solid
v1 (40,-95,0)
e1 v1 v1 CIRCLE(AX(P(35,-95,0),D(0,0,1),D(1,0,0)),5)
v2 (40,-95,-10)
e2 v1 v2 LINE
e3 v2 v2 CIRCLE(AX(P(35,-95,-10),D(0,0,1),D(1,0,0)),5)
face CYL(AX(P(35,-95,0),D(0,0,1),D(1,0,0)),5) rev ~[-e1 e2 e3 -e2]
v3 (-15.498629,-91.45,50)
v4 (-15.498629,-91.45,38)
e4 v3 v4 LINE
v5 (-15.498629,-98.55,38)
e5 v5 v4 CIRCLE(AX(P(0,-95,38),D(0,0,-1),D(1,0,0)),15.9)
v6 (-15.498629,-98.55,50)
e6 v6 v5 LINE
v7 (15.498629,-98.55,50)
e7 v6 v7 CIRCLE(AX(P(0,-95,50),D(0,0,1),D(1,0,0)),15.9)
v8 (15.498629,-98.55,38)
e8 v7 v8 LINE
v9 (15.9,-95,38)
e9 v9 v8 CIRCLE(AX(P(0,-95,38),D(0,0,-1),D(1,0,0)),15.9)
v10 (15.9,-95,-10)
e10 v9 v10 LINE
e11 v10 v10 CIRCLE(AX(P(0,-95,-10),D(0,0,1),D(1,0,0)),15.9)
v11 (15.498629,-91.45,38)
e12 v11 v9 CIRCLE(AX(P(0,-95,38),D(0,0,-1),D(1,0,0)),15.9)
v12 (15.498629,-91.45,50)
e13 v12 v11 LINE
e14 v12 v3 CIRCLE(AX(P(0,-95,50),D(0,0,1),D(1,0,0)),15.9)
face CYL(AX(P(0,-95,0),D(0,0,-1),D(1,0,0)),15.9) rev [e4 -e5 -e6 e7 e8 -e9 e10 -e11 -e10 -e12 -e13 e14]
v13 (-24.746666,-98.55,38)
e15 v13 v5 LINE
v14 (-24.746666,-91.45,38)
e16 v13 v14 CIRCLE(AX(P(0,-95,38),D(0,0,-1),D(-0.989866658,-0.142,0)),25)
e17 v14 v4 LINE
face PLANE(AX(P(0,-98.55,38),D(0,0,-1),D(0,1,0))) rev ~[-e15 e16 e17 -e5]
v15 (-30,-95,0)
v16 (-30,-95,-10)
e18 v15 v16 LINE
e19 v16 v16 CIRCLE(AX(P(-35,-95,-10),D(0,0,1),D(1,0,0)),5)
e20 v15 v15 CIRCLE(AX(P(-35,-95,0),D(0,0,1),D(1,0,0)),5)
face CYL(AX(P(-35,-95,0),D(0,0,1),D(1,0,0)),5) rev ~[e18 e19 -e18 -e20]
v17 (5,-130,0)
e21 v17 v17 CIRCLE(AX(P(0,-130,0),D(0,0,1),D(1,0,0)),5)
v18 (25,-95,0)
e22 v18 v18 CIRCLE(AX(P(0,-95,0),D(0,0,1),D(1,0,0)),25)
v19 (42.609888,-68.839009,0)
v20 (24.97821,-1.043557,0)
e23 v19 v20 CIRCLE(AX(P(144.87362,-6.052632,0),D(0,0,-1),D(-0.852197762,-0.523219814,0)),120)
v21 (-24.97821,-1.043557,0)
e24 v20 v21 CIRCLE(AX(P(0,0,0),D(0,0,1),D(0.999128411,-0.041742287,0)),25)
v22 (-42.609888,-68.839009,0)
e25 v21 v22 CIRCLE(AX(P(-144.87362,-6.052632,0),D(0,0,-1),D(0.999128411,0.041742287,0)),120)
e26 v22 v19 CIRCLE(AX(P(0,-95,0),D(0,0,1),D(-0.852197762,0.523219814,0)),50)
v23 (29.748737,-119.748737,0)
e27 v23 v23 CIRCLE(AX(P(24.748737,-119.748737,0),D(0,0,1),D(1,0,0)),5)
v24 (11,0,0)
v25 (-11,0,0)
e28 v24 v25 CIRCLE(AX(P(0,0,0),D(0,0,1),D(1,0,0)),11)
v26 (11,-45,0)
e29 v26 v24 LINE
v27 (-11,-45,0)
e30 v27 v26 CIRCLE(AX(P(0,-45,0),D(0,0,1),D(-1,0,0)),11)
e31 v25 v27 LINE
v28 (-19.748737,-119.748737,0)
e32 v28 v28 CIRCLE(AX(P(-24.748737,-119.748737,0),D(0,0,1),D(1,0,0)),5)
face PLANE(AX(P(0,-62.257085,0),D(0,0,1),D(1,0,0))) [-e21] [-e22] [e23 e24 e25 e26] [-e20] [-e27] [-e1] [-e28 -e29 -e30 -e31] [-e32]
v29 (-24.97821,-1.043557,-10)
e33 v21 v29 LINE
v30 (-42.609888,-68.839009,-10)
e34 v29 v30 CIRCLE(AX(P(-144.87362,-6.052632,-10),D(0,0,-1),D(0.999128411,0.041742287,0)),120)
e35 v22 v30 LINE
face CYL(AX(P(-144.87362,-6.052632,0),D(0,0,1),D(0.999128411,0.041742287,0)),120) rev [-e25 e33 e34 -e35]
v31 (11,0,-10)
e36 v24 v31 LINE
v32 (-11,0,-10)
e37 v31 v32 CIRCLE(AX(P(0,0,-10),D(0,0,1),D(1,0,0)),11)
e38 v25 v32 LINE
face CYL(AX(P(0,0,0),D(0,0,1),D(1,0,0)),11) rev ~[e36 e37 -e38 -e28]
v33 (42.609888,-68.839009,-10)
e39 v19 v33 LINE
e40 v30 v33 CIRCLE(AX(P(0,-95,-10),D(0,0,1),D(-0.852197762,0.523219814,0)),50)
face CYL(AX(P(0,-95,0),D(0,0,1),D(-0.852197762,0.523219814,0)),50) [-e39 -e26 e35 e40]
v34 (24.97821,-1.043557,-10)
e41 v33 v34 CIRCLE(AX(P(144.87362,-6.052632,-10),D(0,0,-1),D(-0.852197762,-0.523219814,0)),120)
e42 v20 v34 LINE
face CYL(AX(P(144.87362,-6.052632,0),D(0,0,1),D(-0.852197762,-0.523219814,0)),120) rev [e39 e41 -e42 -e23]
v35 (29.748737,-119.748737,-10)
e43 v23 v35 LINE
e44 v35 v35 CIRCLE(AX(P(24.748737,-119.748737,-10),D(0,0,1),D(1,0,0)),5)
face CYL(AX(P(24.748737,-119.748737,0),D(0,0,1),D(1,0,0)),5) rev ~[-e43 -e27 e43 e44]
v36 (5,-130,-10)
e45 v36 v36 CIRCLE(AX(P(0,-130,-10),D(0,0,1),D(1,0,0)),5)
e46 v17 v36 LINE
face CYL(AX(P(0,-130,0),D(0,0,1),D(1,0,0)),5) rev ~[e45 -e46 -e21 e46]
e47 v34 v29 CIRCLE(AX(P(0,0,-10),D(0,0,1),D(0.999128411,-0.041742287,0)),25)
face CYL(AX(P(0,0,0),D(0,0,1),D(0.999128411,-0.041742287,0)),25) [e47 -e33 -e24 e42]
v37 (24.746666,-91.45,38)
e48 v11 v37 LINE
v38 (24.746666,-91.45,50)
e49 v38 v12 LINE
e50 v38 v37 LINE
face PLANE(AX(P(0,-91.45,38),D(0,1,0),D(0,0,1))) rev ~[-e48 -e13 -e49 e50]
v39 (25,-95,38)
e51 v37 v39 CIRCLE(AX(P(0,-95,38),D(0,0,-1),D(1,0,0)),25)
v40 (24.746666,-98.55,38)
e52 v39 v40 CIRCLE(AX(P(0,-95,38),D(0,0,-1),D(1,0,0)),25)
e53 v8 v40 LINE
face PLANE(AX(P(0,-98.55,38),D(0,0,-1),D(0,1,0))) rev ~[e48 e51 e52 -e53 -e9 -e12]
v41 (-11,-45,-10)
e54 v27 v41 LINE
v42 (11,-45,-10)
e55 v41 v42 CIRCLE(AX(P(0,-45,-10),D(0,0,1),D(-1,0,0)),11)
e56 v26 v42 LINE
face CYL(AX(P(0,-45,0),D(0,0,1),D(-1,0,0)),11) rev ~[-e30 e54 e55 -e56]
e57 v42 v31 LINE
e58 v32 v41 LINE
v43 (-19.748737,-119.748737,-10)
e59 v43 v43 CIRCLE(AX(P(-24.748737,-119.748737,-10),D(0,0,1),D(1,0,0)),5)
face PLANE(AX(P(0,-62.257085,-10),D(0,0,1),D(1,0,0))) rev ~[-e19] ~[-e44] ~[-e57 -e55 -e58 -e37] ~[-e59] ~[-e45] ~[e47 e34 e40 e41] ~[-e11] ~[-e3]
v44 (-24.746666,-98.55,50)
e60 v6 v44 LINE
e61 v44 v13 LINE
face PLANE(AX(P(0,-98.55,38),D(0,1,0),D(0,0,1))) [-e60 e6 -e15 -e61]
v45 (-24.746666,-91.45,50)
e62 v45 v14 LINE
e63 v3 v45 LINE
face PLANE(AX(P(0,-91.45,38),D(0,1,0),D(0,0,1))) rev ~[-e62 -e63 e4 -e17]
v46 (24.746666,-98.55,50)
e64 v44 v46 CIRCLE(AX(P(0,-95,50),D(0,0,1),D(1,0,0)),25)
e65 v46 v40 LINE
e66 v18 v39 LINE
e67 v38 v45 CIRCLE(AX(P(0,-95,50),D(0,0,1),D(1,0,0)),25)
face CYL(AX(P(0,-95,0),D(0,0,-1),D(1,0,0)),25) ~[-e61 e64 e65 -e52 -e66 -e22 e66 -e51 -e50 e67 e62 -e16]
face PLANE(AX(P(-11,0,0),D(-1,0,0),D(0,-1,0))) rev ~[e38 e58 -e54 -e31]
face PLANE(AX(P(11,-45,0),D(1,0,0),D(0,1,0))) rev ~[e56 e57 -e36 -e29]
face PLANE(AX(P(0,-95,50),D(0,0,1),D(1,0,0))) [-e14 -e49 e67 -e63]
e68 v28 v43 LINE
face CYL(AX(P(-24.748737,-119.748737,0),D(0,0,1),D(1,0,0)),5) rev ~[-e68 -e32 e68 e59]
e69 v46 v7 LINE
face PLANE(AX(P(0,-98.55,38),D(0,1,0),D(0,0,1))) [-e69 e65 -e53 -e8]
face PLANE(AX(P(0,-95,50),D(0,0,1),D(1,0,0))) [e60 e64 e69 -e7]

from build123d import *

# Parameters (mm, degrees)
F0_R     = 15.9
F1_DEPTH = 10
F3_DEPTH = 10
F4_R     = 5
F5_DEPTH = 10
F6_R     = 25
F6_R_2   = 15.9
F7_DEPTH = 50
F8_W     = 7.1
F8_H     = 12
F9_DEPTH = 25


with BuildPart() as f1:
    # F0 (on Top) → F1 (new body)
    with BuildSketch(Plane.XY):
        with BuildLine():
            ThreePointArc((42.6098881125, -68.8390092879), (28.7369466924, -36.2564924246), (24.9782102729, -1.0435571688))
            ThreePointArc((24.9782102729, -1.0435571688), (0, 25), (-24.9782102729, -1.0435571688))
            ThreePointArc((-24.9782102729, -1.0435571688), (-28.7369466924, -36.2564924246), (-42.6098881125, -68.8390092879))
            ThreePointArc((-42.6098881125, -68.8390092879), (0, -145), (42.6098881125, -68.8390092879))
        make_face()
        with Locations((0, -95)):
            Circle(F0_R, mode=Mode.SUBTRACT)
    extrude(amount=-F1_DEPTH)

    # F2 (on Top) → F3 (cut, through all)
    with BuildSketch(Plane.XY):
        with BuildLine():
            Line((-11, 0), (-11, -45))
            ThreePointArc((-11, -45), (0, -56), (11, -45))
            Line((11, -45), (11, 0))
            ThreePointArc((11, 0), (0, 11), (-11, 0))
        make_face()
    extrude(amount=-F3_DEPTH, mode=Mode.SUBTRACT)

    # F4 (on face) → F5 (cut, through all)
    with BuildSketch(Plane.XY):
        with Locations((-35, -95)):
            Circle(F4_R)
        with Locations((-24.7487373415, -119.7487373415)):
            Circle(F4_R)
        with Locations((0, -130)):
            Circle(F4_R)
        with Locations((24.7487373415, -119.7487373415)):
            Circle(F4_R)
        with Locations((35, -95)):
            Circle(F4_R)
    extrude(amount=-F5_DEPTH, mode=Mode.SUBTRACT)

    # F6 (on face) → F7 (join)
    with BuildSketch(Plane.XY):
        with Locations((0, -95)):
            Circle(F6_R)
        with Locations((0, -95)):
            Circle(F6_R_2, mode=Mode.SUBTRACT)
    extrude(amount=F7_DEPTH)

    # F8 (on Right) → F9 (cut, symmetric)
    with BuildSketch(Plane.YZ):
        with Locations((-95, 44)):
            Rectangle(F8_W, F8_H)
    extrude(amount=F9_DEPTH, both=True, mode=Mode.SUBTRACT)


solid = f1.part
